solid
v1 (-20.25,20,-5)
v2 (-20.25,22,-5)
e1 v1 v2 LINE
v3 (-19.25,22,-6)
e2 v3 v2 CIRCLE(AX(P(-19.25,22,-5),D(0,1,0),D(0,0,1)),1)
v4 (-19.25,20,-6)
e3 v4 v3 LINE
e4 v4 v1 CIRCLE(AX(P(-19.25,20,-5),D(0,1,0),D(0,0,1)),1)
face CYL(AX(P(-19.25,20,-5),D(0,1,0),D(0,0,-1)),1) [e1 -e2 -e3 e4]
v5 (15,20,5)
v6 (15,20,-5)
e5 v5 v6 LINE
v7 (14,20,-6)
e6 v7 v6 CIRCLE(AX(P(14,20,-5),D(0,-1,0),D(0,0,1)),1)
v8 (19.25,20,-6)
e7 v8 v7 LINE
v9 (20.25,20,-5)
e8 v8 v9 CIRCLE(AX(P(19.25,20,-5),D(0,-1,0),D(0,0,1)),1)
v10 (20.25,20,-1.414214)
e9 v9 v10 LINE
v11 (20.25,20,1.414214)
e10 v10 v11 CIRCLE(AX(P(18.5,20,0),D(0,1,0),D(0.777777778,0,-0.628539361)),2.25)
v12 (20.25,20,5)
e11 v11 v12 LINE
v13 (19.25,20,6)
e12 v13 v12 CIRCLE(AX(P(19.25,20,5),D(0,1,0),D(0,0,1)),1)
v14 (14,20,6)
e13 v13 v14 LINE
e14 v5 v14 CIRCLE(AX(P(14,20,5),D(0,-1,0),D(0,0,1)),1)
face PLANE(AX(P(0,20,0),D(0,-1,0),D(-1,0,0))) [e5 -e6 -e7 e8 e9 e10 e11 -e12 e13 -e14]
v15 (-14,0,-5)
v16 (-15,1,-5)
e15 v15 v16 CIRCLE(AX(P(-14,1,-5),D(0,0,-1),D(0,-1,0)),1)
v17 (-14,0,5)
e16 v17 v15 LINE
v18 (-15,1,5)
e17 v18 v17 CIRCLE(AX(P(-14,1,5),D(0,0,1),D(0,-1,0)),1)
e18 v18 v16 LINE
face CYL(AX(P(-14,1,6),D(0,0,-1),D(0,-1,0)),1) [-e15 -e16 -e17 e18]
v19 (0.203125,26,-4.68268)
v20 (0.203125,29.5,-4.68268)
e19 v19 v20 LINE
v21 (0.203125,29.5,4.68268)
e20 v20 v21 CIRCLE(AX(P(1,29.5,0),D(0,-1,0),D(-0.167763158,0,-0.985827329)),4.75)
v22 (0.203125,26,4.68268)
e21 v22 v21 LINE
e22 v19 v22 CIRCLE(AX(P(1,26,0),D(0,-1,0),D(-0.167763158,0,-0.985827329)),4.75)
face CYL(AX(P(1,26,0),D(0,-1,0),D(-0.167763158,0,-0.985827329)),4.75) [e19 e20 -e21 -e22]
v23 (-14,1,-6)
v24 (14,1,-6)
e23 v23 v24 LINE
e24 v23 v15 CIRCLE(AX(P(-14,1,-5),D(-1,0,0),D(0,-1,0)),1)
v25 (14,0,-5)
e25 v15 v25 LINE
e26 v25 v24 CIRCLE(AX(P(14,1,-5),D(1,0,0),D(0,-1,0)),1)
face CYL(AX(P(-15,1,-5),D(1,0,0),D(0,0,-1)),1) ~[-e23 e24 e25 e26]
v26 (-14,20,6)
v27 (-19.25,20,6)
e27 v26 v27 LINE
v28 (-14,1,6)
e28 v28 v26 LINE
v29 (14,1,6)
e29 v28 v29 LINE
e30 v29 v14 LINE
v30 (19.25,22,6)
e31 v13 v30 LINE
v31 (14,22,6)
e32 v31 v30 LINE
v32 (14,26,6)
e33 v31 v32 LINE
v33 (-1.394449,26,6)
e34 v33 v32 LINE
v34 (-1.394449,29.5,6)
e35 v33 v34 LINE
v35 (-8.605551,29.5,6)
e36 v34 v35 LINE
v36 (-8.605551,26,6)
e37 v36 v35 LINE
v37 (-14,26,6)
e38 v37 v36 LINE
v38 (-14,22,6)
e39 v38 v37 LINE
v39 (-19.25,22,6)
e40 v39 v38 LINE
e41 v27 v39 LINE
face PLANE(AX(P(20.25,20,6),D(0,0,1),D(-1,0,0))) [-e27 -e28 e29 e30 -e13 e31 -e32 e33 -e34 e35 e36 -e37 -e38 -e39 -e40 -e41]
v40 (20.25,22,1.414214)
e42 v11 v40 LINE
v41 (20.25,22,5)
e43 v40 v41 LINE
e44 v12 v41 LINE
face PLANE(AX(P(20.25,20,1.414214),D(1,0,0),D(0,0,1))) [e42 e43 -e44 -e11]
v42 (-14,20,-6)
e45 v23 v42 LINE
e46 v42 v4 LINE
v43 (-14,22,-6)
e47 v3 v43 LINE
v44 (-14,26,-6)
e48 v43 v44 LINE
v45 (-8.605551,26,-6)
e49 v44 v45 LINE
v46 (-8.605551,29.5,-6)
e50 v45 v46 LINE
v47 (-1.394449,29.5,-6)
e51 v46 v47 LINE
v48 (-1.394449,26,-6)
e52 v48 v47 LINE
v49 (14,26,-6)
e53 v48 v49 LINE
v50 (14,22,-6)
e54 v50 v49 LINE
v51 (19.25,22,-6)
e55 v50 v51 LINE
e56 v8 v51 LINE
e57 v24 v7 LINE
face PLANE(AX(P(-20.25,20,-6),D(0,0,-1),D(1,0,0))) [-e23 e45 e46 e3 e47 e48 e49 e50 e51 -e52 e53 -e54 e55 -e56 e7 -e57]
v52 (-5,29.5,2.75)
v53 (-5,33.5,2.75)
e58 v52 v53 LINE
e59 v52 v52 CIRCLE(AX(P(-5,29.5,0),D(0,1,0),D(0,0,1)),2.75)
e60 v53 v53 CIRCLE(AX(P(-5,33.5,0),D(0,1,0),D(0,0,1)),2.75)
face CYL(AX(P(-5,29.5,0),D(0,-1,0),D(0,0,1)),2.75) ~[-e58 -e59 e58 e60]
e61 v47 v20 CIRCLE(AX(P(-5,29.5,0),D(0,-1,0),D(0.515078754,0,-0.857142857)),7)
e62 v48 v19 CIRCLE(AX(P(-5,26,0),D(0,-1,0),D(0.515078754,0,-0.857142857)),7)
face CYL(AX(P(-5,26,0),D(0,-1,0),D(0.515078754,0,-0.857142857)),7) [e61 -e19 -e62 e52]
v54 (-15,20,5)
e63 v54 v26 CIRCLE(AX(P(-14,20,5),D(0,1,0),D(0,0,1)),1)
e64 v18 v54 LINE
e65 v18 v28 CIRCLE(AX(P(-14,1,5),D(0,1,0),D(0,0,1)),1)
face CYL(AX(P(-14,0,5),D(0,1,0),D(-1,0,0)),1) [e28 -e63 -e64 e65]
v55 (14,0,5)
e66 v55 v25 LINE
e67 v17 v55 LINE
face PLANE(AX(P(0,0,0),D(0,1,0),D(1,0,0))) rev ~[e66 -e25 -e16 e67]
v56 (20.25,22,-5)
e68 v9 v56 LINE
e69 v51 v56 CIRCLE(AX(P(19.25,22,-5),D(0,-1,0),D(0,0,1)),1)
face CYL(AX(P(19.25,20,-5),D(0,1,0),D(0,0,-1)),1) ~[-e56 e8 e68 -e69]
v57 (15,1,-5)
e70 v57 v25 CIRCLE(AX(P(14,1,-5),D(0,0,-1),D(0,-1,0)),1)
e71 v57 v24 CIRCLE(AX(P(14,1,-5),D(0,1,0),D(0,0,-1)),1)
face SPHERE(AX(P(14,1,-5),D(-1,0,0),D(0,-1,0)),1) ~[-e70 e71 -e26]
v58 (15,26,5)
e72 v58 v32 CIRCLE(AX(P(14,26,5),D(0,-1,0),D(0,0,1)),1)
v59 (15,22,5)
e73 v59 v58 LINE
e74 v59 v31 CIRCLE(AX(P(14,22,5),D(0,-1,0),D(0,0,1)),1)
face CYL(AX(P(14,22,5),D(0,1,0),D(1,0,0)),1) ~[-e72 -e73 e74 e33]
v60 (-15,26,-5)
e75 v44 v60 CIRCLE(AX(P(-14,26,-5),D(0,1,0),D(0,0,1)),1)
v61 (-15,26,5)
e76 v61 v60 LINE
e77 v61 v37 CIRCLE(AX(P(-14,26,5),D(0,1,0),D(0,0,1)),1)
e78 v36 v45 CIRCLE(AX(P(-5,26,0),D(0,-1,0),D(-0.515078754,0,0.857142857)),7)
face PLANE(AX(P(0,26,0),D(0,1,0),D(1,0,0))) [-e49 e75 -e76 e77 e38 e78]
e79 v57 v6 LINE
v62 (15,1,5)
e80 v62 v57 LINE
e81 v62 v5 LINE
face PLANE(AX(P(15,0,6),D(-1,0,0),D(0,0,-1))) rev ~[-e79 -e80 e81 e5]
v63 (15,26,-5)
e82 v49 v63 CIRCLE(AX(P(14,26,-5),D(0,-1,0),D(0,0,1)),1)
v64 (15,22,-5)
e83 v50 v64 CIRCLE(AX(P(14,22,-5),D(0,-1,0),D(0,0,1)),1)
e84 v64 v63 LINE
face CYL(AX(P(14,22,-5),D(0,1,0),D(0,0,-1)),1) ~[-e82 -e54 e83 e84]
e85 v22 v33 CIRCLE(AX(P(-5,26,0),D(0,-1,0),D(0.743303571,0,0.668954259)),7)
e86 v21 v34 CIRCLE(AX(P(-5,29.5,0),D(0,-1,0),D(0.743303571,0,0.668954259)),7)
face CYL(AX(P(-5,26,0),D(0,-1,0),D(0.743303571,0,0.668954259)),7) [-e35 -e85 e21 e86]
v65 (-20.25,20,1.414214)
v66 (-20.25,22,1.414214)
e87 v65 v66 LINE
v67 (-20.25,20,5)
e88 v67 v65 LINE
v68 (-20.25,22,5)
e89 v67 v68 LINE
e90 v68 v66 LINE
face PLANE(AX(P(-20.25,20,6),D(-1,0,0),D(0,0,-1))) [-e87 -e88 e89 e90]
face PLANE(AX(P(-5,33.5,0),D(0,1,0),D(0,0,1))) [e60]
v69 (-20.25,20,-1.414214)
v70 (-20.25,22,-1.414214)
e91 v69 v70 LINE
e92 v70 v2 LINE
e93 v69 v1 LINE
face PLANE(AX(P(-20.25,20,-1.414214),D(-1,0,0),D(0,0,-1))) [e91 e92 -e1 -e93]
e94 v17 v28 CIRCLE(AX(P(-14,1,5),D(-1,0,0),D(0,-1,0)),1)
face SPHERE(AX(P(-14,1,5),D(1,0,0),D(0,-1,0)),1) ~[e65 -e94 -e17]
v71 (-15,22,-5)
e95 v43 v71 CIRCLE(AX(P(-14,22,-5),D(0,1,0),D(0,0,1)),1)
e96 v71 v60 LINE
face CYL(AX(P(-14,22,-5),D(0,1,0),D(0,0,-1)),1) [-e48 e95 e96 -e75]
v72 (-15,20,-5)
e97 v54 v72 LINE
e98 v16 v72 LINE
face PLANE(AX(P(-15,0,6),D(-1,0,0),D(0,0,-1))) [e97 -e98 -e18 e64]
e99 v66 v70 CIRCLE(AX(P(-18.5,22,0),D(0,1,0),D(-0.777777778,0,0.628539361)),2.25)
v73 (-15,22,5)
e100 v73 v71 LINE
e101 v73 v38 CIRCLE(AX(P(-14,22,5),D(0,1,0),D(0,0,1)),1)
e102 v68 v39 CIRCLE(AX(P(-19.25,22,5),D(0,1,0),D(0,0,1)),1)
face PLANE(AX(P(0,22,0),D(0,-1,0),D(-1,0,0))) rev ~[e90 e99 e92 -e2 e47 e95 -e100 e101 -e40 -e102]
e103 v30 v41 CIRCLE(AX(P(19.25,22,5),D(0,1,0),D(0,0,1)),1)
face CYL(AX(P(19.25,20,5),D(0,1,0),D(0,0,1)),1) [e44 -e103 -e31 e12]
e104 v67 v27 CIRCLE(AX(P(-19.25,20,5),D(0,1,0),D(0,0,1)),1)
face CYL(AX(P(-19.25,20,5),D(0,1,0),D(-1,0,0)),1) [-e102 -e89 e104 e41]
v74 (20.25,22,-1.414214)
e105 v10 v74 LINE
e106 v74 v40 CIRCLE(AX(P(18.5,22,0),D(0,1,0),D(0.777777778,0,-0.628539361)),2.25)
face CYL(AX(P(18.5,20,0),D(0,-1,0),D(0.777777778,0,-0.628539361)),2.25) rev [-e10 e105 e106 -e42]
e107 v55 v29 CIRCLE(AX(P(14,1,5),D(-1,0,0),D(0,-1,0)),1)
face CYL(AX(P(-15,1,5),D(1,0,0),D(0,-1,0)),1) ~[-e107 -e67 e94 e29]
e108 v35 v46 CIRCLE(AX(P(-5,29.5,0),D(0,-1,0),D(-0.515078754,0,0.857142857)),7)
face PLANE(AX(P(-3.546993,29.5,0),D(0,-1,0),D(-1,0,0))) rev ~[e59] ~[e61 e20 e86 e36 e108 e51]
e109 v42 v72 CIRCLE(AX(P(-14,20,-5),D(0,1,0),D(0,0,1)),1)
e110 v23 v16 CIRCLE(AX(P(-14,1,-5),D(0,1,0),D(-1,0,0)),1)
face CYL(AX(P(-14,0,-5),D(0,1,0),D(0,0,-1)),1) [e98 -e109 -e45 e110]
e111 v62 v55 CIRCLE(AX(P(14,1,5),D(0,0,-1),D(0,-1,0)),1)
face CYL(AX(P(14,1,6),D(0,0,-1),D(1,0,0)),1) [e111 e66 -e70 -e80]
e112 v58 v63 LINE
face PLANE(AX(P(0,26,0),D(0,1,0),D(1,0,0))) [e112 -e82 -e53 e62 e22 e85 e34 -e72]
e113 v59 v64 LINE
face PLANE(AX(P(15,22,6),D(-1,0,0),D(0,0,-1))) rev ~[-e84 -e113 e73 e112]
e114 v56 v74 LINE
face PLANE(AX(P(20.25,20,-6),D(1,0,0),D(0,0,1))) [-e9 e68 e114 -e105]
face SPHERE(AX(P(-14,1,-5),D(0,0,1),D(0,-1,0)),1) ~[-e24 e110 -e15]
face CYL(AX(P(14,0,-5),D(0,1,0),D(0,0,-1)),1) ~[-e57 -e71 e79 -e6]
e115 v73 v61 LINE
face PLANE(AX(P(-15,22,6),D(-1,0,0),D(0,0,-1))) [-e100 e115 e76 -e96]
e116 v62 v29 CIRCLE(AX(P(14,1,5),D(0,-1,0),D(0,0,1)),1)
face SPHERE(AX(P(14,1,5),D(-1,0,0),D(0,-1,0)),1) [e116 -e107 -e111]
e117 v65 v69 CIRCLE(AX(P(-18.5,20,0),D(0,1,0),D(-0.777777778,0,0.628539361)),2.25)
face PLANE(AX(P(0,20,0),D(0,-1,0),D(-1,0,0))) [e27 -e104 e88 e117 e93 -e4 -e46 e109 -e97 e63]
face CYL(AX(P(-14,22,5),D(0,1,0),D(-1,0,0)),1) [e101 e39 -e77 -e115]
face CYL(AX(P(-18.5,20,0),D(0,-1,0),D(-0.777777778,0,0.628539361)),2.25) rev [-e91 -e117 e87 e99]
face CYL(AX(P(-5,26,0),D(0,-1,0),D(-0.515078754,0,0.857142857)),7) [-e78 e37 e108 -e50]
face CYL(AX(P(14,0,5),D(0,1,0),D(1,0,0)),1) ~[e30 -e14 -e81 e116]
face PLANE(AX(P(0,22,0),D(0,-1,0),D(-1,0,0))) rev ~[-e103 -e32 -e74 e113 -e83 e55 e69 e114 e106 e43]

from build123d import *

# Parameters (mm, degrees)
SKETCH1_W           = 30
SKETCH1_H           = 12
BOSS_EXTRUDE1_DEPTH = 20
BOSS_EXTRUDE2_DEPTH = 2
SKETCH3_W           = 30
SKETCH3_H           = 12
BOSS_EXTRUDE3_DEPTH = 4
BOSS_EXTRUDE4_DEPTH = 3.5
SKETCH5_R           = 2.75
BOSS_EXTRUDE5_DEPTH = 4
FILLET1_R           = 1


with BuildPart() as part:
    # Sketch1 → Boss-Extrude1 (new body)
    with BuildSketch(Plane(origin=(0, 0, 0), x_dir=(1, 0, 0), z_dir=(0, 1, 0))):
        Rectangle(SKETCH1_W, SKETCH1_H)
    extrude(amount=BOSS_EXTRUDE1_DEPTH)

    # Sketch2 → Boss-Extrude2 (add)
    with BuildSketch(Plane(origin=(0, 20, 0), x_dir=(1, 0, 0), z_dir=(0, 1, 0))):
        with BuildLine():
            Line((-20.25, 6), (20.25, 6))
            Line((20.25, 6), (20.25, 1.414213562))
            ThreePointArc((20.25, 1.414213562), (16.25, 0), (20.25, -1.414213562))
            Line((20.25, -1.414213562), (20.25, -6))
            Line((20.25, -6), (-20.25, -6))
            Line((-20.25, -6), (-20.25, -1.414213562))
            ThreePointArc((-20.25, -1.414213562), (-16.25, 0), (-20.25, 1.414213562))
            Line((-20.25, 1.414213562), (-20.25, 6))
        make_face()
    extrude(amount=BOSS_EXTRUDE2_DEPTH)

    # Sketch3 → Boss-Extrude3 (add)
    with BuildSketch(Plane(origin=(0, 22, 0), x_dir=(1, 0, 0), z_dir=(0, 1, 0))):
        Rectangle(SKETCH3_W, SKETCH3_H)
    extrude(amount=BOSS_EXTRUDE3_DEPTH)

    # Sketch4 → Boss-Extrude4 (add)
    with BuildSketch(Plane(origin=(0, 26, 0), x_dir=(1, 0, 0), z_dir=(0, 1, 0))):
        with BuildLine():
            Line((-8.605551275, 6), (-1.394448725, 6))
            ThreePointArc((-1.394448725, 6), (-0.546683534, 5.400738139), (0.203125, 4.682679813))
            ThreePointArc((0.203125, 4.682679813), (5.75, 0), (0.203125, -4.682679813))
            ThreePointArc((0.203125, -4.682679813), (-0.546683534, -5.400738139), (-1.394448725, -6))
            Line((-1.394448725, -6), (-8.605551275, -6))
            ThreePointArc((-8.605551275, -6), (-12, 0), (-8.605551275, 6))
        make_face()
    extrude(amount=BOSS_EXTRUDE4_DEPTH)

    # Sketch5 → Boss-Extrude5 (add)
    with BuildSketch(Plane(origin=(0, 29.5, 0), x_dir=(1, 0, 0), z_dir=(0, 1, 0))):
        with Locations(Location((-5, 0, 0), (0, 0, 270))):
            Circle(SKETCH5_R)
    extrude(amount=BOSS_EXTRUDE5_DEPTH)

    # Fillet1
    fillet1_edges = [part.edges().sort_by_distance(p)[0] for p in [
        (20.25, 21, 6),
        (20.25, 21, -6),
        (-20.25, 21, -6),
        (-20.25, 21, 6),
        (15, 24, 6),
        (15, 24, -6),
        (-15, 24, -6),
        (-15, 24, 6),
        (0, 0, 6),
        (-15, 0, 0),
        (0, 0, -6),
        (15, 0, 0),
        (15, 10, 6),
        (-15, 10, 6),
        (-15, 10, -6),
        (15, 10, -6),
    ]]
    fillet(fillet1_edges, radius=FILLET1_R)


solid = part.part
